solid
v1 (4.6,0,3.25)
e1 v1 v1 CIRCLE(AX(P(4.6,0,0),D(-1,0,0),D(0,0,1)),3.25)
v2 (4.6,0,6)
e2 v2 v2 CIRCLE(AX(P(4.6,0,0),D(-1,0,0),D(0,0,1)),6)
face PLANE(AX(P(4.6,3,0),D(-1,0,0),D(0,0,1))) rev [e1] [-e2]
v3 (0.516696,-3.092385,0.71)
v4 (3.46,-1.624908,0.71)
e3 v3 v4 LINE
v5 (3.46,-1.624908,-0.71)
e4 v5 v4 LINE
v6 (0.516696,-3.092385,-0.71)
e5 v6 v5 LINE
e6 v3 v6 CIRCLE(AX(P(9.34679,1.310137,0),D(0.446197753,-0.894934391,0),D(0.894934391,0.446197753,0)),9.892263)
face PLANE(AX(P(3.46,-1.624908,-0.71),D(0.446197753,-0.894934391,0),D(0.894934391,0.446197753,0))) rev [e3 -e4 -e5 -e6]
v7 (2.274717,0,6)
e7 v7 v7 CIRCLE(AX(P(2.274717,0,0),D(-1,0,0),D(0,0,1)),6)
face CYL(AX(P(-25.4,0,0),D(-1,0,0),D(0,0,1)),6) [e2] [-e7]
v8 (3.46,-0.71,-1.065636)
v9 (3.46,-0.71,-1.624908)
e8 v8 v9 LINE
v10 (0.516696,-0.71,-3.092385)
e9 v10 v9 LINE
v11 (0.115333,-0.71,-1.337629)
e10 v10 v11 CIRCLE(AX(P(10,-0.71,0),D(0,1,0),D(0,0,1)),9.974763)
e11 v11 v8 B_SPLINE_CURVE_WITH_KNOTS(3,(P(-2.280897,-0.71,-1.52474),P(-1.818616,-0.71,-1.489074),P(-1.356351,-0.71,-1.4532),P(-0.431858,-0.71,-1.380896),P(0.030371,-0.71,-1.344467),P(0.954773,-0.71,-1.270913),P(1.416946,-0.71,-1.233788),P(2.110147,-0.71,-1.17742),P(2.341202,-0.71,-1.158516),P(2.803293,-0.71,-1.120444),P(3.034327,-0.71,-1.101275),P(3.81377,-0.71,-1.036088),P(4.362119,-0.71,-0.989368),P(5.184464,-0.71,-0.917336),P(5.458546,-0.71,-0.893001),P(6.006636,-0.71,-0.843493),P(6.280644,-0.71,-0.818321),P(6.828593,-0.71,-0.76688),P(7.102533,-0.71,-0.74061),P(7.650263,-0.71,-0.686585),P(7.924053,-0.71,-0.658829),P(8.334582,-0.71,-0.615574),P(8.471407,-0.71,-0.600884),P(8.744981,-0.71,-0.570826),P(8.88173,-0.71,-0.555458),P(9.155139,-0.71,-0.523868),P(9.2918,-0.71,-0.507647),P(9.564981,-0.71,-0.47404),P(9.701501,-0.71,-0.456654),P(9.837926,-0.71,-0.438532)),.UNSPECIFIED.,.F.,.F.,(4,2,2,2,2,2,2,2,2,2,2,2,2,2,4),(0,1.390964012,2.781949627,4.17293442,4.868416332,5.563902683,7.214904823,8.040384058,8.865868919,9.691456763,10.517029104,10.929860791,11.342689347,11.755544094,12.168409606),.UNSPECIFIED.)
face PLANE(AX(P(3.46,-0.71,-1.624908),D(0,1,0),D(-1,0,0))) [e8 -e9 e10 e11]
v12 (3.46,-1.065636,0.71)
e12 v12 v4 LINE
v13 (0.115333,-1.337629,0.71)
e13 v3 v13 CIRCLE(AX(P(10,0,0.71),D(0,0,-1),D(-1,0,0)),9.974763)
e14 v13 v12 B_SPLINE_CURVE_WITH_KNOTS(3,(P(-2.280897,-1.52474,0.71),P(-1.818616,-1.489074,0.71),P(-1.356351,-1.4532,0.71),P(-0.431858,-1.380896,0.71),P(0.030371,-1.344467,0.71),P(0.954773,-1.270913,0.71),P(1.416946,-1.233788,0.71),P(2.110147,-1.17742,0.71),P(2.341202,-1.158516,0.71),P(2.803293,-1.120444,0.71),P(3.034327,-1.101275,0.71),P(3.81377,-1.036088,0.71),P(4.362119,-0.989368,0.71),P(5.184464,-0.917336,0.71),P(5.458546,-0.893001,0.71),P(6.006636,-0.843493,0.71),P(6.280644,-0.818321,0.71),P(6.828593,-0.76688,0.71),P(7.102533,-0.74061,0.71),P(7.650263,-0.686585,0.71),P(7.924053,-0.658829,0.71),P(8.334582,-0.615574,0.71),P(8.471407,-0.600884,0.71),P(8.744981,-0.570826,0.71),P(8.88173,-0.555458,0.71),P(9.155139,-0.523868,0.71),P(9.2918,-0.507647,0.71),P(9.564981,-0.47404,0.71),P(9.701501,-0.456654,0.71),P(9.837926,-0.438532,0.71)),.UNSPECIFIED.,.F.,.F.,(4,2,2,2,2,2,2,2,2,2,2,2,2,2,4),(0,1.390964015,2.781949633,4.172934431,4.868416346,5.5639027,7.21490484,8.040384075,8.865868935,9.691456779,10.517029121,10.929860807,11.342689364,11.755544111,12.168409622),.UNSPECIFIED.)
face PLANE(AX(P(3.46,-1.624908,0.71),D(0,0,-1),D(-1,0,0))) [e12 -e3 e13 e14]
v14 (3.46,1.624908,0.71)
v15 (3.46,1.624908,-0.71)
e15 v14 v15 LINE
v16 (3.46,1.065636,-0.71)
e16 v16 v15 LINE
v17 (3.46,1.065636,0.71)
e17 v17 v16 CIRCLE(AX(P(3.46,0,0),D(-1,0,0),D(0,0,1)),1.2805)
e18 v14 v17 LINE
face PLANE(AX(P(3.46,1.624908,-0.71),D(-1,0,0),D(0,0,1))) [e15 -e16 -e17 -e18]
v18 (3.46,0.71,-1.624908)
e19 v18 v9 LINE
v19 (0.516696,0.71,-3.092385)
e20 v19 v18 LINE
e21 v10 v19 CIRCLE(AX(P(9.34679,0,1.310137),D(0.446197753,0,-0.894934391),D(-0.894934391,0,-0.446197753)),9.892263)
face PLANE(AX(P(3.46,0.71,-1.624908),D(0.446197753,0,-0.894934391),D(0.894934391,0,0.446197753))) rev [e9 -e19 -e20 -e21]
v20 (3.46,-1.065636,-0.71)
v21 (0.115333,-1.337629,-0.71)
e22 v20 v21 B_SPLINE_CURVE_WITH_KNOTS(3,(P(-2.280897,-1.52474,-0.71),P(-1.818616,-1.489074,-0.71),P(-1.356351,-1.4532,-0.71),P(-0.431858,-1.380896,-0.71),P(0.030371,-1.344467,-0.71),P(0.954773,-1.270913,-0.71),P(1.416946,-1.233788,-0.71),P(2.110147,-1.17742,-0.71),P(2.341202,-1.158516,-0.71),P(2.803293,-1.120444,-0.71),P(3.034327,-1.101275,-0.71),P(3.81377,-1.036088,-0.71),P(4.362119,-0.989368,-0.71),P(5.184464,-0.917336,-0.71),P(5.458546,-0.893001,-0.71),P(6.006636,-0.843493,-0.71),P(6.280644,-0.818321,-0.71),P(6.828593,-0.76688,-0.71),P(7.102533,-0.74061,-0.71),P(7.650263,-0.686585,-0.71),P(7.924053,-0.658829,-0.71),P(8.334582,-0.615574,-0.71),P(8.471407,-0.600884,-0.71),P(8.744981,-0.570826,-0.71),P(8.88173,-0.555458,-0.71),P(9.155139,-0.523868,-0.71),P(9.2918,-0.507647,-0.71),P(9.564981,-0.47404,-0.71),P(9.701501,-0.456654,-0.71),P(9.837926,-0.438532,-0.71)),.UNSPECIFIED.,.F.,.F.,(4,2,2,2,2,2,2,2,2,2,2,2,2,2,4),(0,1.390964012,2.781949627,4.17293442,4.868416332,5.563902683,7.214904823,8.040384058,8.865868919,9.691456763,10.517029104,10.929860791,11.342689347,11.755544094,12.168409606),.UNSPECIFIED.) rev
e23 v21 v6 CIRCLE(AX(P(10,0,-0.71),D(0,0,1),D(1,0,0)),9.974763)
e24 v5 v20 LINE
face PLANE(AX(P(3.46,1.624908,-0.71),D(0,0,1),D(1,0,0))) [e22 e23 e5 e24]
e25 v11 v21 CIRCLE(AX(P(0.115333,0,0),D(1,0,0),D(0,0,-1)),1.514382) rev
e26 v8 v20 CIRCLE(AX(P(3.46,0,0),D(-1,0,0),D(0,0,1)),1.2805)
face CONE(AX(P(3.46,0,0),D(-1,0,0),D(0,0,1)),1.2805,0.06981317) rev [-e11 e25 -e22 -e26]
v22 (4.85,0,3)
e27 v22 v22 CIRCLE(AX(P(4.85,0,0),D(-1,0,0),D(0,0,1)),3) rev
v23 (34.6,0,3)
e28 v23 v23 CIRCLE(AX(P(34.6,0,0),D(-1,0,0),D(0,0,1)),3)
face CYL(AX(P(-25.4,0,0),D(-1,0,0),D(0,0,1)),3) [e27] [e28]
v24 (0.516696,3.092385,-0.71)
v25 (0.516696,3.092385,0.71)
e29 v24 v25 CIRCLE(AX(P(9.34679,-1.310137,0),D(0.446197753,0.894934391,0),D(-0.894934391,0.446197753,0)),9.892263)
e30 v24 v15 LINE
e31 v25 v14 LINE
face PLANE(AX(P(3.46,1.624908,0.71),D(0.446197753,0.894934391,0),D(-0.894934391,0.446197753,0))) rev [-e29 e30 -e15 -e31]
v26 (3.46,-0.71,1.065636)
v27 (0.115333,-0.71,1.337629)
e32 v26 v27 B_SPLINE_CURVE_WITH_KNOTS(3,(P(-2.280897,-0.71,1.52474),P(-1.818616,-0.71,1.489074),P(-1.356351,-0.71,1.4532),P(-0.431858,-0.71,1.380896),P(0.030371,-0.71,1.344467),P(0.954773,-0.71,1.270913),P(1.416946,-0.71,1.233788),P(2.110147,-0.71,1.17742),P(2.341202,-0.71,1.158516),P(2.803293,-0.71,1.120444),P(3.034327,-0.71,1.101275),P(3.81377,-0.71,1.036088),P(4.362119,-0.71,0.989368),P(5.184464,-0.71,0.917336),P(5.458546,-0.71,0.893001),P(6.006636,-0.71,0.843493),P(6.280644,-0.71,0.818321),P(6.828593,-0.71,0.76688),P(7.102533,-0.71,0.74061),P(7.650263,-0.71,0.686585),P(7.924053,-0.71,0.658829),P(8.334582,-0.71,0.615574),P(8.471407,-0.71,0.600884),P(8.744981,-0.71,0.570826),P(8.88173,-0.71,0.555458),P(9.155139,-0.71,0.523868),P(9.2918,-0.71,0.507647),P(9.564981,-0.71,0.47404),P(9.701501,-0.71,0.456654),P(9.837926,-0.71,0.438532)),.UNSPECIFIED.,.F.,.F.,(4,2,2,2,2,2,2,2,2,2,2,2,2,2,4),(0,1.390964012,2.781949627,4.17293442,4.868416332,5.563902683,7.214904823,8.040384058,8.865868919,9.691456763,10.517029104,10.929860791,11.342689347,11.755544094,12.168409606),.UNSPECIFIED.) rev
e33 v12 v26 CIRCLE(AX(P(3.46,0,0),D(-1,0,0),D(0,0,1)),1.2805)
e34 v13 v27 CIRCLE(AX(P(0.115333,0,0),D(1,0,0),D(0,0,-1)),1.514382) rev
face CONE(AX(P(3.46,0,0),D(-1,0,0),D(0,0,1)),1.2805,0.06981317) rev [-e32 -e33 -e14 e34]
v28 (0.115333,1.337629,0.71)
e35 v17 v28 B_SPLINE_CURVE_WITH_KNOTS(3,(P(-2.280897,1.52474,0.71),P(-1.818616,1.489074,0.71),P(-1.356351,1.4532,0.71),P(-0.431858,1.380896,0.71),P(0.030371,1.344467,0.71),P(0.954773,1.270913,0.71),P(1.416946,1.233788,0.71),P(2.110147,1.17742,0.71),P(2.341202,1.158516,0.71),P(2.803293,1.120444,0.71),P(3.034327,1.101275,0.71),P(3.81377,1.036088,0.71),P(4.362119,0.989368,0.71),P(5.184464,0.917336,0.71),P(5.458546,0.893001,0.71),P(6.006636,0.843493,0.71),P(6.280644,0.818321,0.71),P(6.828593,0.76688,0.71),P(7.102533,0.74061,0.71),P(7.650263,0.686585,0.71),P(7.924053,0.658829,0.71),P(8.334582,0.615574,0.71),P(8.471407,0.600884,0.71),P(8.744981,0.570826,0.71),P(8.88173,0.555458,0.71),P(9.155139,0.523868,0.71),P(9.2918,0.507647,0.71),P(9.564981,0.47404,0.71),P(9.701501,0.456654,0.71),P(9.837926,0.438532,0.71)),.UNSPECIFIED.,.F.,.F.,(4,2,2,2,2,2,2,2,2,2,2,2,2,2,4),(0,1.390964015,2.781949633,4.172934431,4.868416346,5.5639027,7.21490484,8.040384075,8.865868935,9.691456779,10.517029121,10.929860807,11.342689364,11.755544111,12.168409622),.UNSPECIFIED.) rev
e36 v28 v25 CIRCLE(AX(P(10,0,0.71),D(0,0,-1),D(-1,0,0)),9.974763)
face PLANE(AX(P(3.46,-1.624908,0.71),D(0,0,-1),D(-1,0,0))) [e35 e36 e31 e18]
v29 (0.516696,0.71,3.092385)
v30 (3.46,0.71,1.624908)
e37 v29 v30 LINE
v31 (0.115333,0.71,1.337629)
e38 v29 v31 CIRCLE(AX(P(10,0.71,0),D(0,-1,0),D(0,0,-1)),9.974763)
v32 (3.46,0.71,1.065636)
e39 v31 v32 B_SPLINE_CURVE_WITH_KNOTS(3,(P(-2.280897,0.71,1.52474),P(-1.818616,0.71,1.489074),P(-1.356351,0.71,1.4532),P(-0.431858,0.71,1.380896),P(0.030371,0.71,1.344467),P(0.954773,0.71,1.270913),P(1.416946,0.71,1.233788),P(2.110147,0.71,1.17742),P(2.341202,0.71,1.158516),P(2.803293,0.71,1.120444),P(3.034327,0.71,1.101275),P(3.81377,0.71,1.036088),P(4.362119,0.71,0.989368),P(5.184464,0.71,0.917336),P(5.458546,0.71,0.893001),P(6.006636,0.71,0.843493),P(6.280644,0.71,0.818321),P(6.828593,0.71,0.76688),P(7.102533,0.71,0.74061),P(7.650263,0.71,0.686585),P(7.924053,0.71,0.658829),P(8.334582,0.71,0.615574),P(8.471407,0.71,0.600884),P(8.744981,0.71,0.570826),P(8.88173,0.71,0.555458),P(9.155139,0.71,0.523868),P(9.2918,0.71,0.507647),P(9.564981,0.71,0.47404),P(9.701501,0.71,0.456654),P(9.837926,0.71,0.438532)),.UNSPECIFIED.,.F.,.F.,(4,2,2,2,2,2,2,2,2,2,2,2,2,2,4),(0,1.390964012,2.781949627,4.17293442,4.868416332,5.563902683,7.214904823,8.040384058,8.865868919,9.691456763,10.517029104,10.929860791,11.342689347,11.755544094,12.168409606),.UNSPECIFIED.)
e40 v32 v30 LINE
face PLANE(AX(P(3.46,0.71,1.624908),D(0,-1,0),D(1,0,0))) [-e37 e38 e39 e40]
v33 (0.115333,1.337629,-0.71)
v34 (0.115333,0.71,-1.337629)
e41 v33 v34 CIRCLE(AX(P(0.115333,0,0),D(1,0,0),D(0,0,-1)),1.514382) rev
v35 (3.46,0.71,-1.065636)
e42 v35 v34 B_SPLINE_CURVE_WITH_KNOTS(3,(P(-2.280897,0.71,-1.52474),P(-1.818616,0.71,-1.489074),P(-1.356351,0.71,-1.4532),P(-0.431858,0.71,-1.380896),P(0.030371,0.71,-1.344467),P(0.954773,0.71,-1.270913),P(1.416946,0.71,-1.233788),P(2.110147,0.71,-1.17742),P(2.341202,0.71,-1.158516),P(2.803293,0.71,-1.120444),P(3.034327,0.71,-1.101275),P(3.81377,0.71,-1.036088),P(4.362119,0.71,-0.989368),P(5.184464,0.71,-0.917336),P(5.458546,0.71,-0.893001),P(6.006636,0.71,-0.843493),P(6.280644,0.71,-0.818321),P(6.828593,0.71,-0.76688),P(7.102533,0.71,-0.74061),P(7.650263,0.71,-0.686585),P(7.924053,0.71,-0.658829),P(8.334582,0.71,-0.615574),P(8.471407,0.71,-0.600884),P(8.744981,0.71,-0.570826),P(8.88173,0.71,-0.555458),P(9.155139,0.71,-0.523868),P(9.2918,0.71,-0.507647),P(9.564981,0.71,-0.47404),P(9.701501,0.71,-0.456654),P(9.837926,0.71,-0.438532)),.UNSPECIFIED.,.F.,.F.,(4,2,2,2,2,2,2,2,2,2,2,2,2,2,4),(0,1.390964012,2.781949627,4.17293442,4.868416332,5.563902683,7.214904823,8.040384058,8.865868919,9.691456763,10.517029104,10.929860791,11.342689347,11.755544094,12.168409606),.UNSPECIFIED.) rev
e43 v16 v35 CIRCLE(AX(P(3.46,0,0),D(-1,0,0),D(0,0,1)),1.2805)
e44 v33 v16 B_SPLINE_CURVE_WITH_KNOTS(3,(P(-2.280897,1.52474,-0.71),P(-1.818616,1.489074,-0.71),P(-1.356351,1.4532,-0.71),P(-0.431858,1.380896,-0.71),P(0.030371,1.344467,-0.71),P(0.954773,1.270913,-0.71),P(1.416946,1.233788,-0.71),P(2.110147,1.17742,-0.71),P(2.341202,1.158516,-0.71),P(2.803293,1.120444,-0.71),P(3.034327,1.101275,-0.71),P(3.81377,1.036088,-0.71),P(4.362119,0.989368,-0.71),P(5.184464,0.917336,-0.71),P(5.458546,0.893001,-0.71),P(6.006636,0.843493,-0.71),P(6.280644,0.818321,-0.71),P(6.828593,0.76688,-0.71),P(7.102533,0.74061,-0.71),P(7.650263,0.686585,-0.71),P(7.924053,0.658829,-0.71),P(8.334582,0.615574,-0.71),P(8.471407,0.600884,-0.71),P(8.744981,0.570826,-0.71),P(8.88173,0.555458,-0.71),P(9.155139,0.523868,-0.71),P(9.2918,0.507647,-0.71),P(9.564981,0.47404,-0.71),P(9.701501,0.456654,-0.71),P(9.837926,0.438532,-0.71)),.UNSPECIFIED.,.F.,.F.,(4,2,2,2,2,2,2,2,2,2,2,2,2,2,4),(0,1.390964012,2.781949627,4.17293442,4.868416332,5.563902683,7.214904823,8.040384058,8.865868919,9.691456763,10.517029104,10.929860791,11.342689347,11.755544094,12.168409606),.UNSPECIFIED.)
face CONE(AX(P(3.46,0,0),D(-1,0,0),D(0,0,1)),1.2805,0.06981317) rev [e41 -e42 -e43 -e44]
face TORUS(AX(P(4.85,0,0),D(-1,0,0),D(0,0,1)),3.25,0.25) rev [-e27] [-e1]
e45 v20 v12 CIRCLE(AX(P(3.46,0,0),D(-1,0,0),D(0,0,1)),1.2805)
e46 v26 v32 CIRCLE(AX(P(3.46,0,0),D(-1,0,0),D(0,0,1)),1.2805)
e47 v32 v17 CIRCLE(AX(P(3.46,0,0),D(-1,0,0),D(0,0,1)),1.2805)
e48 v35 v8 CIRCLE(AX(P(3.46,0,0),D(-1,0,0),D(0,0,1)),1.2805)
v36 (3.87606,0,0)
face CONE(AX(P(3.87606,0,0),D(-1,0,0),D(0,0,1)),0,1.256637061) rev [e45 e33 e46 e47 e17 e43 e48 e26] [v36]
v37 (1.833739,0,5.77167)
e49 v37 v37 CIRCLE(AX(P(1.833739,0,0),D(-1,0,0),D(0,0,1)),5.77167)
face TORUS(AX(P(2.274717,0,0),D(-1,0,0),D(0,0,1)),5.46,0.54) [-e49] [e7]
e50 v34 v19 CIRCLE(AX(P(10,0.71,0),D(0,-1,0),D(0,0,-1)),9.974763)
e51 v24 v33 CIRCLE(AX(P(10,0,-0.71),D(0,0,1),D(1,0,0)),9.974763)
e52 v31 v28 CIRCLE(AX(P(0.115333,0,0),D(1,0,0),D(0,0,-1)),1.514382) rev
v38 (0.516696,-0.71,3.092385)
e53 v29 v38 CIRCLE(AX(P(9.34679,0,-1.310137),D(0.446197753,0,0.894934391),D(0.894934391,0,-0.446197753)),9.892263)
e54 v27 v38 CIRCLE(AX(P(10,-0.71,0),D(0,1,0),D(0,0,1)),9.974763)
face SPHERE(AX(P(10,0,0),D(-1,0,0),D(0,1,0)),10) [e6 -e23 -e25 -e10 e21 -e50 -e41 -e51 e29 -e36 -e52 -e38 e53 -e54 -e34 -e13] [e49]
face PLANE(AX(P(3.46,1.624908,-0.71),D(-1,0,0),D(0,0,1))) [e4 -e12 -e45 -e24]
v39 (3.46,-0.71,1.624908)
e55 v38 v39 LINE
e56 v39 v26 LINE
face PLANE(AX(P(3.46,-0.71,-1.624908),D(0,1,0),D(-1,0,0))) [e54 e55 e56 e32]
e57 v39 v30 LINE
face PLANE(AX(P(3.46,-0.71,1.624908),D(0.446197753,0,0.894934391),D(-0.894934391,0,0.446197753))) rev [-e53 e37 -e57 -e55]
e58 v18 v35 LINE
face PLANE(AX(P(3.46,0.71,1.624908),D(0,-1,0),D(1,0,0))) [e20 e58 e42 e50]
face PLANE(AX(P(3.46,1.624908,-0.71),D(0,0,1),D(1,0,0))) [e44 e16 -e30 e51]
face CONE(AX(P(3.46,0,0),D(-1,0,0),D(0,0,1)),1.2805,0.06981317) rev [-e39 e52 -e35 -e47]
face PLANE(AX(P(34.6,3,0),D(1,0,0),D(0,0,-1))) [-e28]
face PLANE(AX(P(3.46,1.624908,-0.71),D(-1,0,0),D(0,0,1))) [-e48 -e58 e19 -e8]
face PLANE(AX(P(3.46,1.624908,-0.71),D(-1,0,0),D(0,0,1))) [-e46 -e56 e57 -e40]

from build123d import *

# Parameters (mm, degrees)
FILLET1_R    = 0.25
RECPAT_COUNT = 2
RECPAT_ANGLE = 90


with BuildPart() as part:
    # BodySke → Base-Revolve (revolve)
    with BuildSketch(Plane.XY, mode=Mode.PRIVATE) as base_revolve_sk:
        with BuildLine():
            Line((4.6, 3), (4.6, 6))
            Line((4.6, 6), (2.274716834, 6))
            ThreePointArc((2.274716834, 6), (2.026424569, 5.939532013), (1.833738725, 5.77167019))
            ThreePointArc((1.833738725, 5.77167019), (0.469454036, 3.027985077), (0, 0))
            Line((0, 0), (34.6, 0))
            Line((34.6, 0), (34.6, 3))
            Line((34.6, 3), (4.6, 3))
        make_face()
    revolve(base_revolve_sk.sketch.rotate(Axis((2.274716834, 0, 0), (1, 0, 0)), 90), axis=Axis((2.274716834, 0, 0), (1, 0, 0)))

    # Fillet1
    fillet1_edges = [part.edges().sort_by_distance(p)[0] for p in [
        (4.6, 0, -3),
    ]]
    fillet(fillet1_edges, radius=FILLET1_R)

    # Sketch3 → Recess section 0
    with BuildSketch(Plane(origin=(0, 0, 0), x_dir=(0, 0, -1), z_dir=(1, 0, 0))):
        with BuildLine():
            Line((0.71, -3.35), (-0.71, -3.35))
            Line((-0.71, -3.35), (-0.71, 3.35))
            Line((-0.71, 3.35), (0.71, 3.35))
            Line((0.71, 3.35), (0.71, -3.35))
        make_face()
    # Sketch4 → Recess section 1
    with BuildSketch(Plane(origin=(3.46, 0, 0), x_dir=(0, 0, -1), z_dir=(1, 0, 0))):
        with BuildLine():
            Line((0.71, -1.624907925), (-0.71, -1.624907925))
            Line((-0.71, -1.624907925), (-0.71, 1.624907925))
            Line((-0.71, 1.624907925), (0.71, 1.624907925))
            Line((0.71, 1.624907925), (0.71, -1.624907925))
        make_face()
    recess = loft(mode=Mode.SUBTRACT)

    # RecPat: Recess ×2 about axis
    recpat_axis = Axis((0, 0, 0), (1, 0, 0))
    for i in range(1, RECPAT_COUNT):
        add(recess.rotate(recpat_axis, i * RECPAT_ANGLE / (RECPAT_COUNT - 1)), mode=Mode.SUBTRACT)

    # RecCorSke → RecessCore (revolve, cut)
    with BuildSketch(Plane.XY, mode=Mode.PRIVATE) as recesscore_sk:
        Polygon((0, 0), (0, 1.522446769), (3.46, 1.2805), (3.876059671, 0), align=None)
    revolve(recesscore_sk.sketch.rotate(Axis((-3.175, 0, 0), (1, 0, 0)), 12.930791927), axis=Axis((-3.175, 0, 0), (1, 0, 0)), mode=Mode.SUBTRACT)


solid = part.part
